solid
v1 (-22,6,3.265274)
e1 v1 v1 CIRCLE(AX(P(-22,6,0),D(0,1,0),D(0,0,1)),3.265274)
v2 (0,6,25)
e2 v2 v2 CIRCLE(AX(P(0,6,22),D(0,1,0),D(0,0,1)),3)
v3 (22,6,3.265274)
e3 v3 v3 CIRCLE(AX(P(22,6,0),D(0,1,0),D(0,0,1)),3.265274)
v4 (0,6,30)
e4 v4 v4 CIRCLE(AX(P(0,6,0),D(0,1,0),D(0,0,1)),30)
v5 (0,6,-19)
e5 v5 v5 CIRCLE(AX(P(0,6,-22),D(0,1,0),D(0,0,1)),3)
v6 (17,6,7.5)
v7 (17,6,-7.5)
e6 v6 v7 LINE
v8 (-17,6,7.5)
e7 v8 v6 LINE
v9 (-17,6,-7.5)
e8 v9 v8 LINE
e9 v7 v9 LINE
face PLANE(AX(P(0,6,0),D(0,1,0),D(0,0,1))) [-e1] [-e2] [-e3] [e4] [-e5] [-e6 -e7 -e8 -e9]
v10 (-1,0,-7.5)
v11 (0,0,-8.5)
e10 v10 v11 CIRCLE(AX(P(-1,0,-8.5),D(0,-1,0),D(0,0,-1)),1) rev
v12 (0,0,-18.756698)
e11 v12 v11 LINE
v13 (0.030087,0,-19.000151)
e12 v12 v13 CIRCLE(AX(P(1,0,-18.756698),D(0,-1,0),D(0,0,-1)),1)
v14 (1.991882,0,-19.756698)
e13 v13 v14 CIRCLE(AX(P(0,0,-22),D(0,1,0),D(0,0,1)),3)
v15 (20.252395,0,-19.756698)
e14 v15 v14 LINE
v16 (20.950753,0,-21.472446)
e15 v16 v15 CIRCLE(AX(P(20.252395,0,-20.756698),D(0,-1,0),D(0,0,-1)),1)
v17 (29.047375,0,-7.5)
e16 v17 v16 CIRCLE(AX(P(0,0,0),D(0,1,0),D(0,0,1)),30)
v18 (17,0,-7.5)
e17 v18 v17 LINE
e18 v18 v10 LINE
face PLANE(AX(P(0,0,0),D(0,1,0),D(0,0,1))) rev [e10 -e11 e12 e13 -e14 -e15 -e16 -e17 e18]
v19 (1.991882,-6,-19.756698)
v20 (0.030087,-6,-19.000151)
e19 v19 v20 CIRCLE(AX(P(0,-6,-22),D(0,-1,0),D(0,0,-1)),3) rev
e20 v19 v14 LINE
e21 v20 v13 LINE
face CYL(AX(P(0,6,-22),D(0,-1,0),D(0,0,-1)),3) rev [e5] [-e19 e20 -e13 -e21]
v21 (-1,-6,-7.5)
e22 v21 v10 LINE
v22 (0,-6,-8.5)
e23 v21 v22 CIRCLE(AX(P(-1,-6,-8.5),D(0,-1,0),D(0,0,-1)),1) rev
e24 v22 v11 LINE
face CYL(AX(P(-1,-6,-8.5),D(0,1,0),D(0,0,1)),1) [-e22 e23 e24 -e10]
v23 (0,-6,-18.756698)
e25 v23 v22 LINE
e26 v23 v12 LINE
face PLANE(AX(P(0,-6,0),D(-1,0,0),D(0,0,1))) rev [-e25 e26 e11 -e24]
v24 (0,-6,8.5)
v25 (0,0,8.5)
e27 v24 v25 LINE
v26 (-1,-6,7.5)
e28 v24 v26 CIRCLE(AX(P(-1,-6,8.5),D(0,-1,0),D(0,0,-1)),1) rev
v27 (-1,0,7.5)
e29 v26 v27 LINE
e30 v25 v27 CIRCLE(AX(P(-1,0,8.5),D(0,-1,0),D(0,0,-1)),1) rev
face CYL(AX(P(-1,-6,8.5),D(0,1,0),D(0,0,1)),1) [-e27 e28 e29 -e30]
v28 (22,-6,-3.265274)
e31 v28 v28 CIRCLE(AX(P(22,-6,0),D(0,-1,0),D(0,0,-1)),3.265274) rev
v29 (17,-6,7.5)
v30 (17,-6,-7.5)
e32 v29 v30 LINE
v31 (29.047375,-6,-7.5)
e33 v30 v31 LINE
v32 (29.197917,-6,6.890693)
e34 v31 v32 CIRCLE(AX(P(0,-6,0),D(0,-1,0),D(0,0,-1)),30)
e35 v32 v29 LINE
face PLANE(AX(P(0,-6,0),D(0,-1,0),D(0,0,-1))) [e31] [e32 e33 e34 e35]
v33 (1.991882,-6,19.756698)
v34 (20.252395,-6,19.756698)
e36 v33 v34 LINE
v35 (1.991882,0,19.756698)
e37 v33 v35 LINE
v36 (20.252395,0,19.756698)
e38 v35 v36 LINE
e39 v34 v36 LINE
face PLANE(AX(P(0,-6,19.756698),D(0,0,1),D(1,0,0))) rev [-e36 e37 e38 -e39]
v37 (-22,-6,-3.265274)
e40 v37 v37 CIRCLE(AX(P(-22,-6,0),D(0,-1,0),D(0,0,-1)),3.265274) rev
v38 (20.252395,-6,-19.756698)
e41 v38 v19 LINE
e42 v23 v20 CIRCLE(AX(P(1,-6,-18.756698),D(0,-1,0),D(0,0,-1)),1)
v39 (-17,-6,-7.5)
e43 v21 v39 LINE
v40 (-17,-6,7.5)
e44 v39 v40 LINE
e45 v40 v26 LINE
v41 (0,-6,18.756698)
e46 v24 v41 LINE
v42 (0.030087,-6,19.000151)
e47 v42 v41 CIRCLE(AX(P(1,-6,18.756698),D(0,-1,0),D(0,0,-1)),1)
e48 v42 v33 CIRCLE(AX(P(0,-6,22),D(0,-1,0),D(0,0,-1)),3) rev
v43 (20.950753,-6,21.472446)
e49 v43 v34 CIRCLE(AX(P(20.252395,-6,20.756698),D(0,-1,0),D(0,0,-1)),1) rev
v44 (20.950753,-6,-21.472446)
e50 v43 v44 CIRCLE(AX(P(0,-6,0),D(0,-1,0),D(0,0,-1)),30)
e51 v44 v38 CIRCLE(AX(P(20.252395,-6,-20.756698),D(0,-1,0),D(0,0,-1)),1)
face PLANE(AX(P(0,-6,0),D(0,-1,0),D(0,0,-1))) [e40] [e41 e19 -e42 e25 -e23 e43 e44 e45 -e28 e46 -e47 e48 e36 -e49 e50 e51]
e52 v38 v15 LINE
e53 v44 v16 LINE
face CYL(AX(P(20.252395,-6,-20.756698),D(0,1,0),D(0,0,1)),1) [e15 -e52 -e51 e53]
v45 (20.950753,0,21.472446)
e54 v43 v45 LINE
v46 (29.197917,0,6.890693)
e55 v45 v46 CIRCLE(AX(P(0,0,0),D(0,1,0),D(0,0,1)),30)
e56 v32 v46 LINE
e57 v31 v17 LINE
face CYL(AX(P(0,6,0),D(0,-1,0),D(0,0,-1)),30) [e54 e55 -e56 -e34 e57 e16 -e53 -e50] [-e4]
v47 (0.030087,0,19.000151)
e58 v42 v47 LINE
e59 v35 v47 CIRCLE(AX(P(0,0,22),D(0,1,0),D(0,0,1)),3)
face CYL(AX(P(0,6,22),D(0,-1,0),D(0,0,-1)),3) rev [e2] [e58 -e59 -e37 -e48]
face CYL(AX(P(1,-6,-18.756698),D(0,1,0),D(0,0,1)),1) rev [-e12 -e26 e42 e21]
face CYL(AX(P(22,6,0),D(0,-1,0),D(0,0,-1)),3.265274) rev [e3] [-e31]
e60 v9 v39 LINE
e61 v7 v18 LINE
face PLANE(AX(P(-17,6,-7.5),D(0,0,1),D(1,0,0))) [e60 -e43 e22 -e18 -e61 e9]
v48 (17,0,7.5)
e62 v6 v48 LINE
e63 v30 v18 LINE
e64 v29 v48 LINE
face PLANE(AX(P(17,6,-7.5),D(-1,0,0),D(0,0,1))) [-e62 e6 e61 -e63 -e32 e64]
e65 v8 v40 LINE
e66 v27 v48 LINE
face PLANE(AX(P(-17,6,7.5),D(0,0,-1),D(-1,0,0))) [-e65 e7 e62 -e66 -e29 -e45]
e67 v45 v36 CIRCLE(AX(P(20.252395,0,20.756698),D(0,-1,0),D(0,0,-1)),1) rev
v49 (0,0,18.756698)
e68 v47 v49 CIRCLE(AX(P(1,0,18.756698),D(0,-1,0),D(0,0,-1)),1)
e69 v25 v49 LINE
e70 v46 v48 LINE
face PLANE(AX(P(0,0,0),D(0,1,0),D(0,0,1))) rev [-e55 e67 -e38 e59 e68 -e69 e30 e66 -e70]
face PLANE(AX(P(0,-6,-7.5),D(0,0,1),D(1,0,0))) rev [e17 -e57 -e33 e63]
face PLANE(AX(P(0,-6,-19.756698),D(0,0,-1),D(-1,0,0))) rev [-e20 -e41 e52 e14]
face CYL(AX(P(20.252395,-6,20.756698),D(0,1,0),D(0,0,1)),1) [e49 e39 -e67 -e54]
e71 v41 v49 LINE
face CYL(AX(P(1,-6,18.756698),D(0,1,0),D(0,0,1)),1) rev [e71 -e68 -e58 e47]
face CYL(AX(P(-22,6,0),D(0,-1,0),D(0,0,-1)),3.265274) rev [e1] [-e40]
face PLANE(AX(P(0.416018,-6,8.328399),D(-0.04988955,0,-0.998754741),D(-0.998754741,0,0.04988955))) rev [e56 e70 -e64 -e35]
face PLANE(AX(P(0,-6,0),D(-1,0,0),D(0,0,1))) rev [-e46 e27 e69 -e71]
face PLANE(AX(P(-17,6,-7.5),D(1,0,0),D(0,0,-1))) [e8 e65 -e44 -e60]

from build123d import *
from build123d.topology import SkipClean

# Parameters (mm, degrees)
SKETCH1_R           = 30
SKETCH1_R_2         = 3.265274059
SKETCH1_R_3         = 3
SKETCH1_W           = 34
SKETCH1_H           = 15
BOSS_EXTRUDE1_DEPTH = 6
BOSS_EXTRUDE3_START = 6
SKETCH3_R           = 3.265274059
BOSS_EXTRUDE3_DEPTH = 6


with BuildPart() as part:
    # Sketch1 → Boss-Extrude1 (new body)
    with BuildSketch(Plane(origin=(0, 0, 0), x_dir=(1, 0, 0), z_dir=(0, 1, 0))):
        with Locations(Location((0, 0, 0), (0, 0, 270))):
            Circle(SKETCH1_R)
        with Locations(Location((-22, 0, 0), (0, 0, 270))):
            Circle(SKETCH1_R_2, mode=Mode.SUBTRACT)
        with Locations(Location((22, 0, 0), (0, 0, 270))):
            Circle(SKETCH1_R_2, mode=Mode.SUBTRACT)
        with Locations(Location((0, 22, 0), (0, 0, 270))):
            Circle(SKETCH1_R_3, mode=Mode.SUBTRACT)
        with Locations(Location((0, -22, 0), (0, 0, 270))):
            Circle(SKETCH1_R_3, mode=Mode.SUBTRACT)
        Rectangle(SKETCH1_W, SKETCH1_H, mode=Mode.SUBTRACT)
    extrude(amount=BOSS_EXTRUDE1_DEPTH)

    # Sketch3 → Boss-Extrude3 (add)
    # profile 1 of 2: a face of its own
    with SkipClean():  # the faces are left unmerged after this step: merging them gives an invalid solid
        with BuildSketch(Plane.XZ.offset(BOSS_EXTRUDE3_START)):
            with BuildLine():
                ThreePointArc((20.95075339, -21.472445888), (21.178609874, -20.379701801), (20.252394943, -19.756697692))
                Line((20.252394943, -19.756697692), (1.991882214, -19.756697692))
                ThreePointArc((1.991882214, -19.756697692), (2.736388737, -20.770294068), (3, -22))
                ThreePointArc((3, -22), (-2.13193129, -24.110656053), (0.030087351, -19.000150879))
                ThreePointArc((0.030087351, -19.000150879), (0.007550342, -18.879350355), (0, -18.756697692))
                Line((0, -18.756697692), (0, -8.5))
                ThreePointArc((0, -8.5), (-0.292893219, -7.792893219), (-1, -7.5))
                Line((-1, -7.5), (-16, -7.5))
                Line((-16, -7.5), (-17, -7.5))
                Line((-17, -7.5), (-17, -6.5))
                Line((-17, -6.5), (-17, 6.5))
                Line((-17, 6.5), (-17, 7.5))
                Line((-17, 7.5), (-16, 7.5))
                Line((-16, 7.5), (-1, 7.5))
                ThreePointArc((-1, 7.5), (-0.292893219, 7.792893219), (0, 8.5))
                Line((0, 8.5), (0, 18.756697692))
                ThreePointArc((0, 18.756697692), (0.007550342, 18.879350355), (0.030087351, 19.000150879))
                ThreePointArc((0.030087351, 19.000150879), (-2.13193129, 24.110656053), (3, 22))
                ThreePointArc((3, 22), (2.736388737, 20.770294068), (1.991882214, 19.756697692))
                Line((1.991882214, 19.756697692), (20.252394943, 19.756697692))
                ThreePointArc((20.252394943, 19.756697692), (21.178609874, 20.379701801), (20.95075339, 21.472445888))
                ThreePointArc((20.95075339, 21.472445888), (-30, 0), (20.95075339, -21.472445888))
            make_face()
            with Locations(Location((-22, 0, 0), (0, 0, 270))):
                Circle(SKETCH3_R, mode=Mode.SUBTRACT)
        # profile 2 of 2: a face of its own
        with BuildSketch(Plane.XZ.offset(BOSS_EXTRUDE3_START)):
            with BuildLine():
                Line((17, -7.5), (29.047375097, -7.5))
                ThreePointArc((29.047375097, -7.5), (29.760890888, -3.780128774), (30, 0))
                ThreePointArc((30, 0), (29.798804579, 3.468608603), (29.197916957, 6.890692662))
                Line((29.197916957, 6.890692662), (17, 7.5))
                Line((17, 7.5), (17, -7.5))
            make_face()
            with Locations(Location((22, 0, 0), (0, 0, 270))):
                Circle(SKETCH3_R, mode=Mode.SUBTRACT)
        extrude(amount=-BOSS_EXTRUDE3_DEPTH)


solid = part.part
